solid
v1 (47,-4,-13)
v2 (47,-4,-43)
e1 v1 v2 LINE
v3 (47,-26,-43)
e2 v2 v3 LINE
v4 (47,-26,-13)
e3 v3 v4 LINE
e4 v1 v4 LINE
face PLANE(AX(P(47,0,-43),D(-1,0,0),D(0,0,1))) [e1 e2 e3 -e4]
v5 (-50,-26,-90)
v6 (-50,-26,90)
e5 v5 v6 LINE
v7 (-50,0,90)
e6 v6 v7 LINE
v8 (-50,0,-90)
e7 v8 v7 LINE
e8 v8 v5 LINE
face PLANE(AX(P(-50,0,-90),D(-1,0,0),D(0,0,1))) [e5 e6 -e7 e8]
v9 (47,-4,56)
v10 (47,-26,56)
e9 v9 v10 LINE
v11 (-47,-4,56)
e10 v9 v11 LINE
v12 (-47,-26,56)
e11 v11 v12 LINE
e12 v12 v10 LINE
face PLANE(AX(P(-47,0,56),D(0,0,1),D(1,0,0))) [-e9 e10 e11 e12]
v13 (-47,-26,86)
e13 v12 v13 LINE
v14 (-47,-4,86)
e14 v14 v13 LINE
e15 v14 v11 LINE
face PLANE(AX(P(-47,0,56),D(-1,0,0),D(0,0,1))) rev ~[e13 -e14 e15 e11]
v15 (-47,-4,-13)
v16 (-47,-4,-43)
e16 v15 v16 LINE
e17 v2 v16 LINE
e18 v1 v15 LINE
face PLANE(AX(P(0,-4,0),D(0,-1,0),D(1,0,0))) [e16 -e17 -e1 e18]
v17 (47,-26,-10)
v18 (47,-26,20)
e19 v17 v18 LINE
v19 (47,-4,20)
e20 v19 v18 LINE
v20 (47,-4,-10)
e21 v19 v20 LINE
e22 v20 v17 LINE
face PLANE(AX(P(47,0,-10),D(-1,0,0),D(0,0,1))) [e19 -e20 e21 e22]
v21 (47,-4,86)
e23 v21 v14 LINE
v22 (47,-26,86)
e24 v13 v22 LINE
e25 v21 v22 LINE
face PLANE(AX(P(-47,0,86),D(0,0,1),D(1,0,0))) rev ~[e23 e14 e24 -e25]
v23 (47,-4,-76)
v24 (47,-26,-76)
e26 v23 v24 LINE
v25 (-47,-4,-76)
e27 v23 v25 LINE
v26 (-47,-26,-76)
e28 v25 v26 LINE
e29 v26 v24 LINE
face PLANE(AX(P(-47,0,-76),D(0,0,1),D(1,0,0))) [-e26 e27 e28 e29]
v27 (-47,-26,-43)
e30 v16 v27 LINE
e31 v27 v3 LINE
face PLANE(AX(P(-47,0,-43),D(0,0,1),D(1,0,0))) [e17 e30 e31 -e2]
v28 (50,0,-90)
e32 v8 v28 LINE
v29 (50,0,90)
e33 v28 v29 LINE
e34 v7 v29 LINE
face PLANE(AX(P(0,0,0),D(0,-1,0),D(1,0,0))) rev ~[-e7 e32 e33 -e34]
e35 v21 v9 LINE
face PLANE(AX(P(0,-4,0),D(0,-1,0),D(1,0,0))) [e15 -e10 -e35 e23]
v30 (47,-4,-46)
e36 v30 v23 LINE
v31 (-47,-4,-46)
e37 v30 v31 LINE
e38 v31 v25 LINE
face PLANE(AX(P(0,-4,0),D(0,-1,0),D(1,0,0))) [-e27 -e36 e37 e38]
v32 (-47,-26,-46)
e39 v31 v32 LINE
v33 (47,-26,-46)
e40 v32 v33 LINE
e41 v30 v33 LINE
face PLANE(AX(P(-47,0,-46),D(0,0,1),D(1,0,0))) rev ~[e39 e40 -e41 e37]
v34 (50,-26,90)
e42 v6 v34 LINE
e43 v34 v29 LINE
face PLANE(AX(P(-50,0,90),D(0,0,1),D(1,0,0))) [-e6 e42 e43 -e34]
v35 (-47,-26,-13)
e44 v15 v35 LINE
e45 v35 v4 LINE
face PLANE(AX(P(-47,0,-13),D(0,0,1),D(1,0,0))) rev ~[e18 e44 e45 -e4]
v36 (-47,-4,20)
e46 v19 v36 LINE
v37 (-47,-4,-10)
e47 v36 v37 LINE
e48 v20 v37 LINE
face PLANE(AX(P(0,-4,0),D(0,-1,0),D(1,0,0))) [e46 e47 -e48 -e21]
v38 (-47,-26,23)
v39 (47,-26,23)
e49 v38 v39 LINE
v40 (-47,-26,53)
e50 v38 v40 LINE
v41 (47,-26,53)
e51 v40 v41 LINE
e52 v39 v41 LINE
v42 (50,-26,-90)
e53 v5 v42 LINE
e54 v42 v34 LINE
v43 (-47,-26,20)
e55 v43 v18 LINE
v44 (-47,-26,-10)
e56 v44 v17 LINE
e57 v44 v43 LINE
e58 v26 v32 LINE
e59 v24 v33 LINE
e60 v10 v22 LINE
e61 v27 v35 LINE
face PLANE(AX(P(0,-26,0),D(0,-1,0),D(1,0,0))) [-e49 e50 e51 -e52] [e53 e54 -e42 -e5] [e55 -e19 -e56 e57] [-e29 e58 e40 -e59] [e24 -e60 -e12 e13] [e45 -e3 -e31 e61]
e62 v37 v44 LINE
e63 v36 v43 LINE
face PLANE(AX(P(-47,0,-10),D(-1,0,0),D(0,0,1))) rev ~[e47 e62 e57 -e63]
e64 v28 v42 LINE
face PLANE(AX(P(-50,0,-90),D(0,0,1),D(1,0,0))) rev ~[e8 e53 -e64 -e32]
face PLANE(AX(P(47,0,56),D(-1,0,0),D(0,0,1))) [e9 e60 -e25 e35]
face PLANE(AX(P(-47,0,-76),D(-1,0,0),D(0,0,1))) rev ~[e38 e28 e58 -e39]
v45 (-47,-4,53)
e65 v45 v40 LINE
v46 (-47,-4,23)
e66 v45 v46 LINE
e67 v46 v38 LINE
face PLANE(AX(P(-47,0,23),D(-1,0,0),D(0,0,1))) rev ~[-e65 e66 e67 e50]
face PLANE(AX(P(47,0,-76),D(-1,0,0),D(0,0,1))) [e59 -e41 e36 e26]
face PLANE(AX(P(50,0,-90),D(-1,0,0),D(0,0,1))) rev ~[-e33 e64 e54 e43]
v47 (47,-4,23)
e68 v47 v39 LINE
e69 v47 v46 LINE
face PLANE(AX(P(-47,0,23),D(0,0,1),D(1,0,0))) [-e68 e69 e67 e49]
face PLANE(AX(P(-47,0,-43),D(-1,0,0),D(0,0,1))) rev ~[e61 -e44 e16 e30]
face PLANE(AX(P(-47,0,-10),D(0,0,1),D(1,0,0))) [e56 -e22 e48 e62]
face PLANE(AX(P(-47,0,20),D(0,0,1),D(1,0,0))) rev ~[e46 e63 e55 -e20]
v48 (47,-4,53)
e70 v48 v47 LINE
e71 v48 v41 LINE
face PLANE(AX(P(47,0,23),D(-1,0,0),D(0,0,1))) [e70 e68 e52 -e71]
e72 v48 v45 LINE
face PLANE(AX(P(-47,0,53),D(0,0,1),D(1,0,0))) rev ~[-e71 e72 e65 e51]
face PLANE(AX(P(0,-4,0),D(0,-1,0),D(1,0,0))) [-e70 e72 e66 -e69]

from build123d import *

# Parameters (mm, degrees)
F0_W     = 100
F0_H     = 180
F0_W_2   = 94
F0_H_2   = 30
F1_DEPTH = 4
F2_DEPTH = 26


with BuildPart() as f1:
    # F0 (on Front) → F1 (new body)
    with BuildSketch(Plane.XZ):
        Rectangle(F0_W, F0_H)
        with Locations((0, -61)):
            Rectangle(F0_W_2, F0_H_2, mode=Mode.SUBTRACT)
        with Locations((0, -28)):
            Rectangle(F0_W_2, F0_H_2, mode=Mode.SUBTRACT)
        with Locations((0, 5)):
            Rectangle(F0_W_2, F0_H_2, mode=Mode.SUBTRACT)
        with Locations((0, 38)):
            Rectangle(F0_W_2, F0_H_2, mode=Mode.SUBTRACT)
        with Locations((0, 71)):
            Rectangle(F0_W_2, F0_H_2, mode=Mode.SUBTRACT)
        with Locations((0, 71)):
            Rectangle(F0_W_2, F0_H_2)
        with Locations((0, 38)):
            Rectangle(F0_W_2, F0_H_2)
        with Locations((0, 5)):
            Rectangle(F0_W_2, F0_H_2)
        with Locations((0, -28)):
            Rectangle(F0_W_2, F0_H_2)
        with Locations((0, -61)):
            Rectangle(F0_W_2, F0_H_2)
    extrude(amount=F1_DEPTH)

    # F0 (on Front) → F2 (join)
    with BuildSketch(Plane.XZ):
        Rectangle(F0_W, F0_H)
        with Locations((0, -61)):
            Rectangle(F0_W_2, F0_H_2, mode=Mode.SUBTRACT)
        with Locations((0, -28)):
            Rectangle(F0_W_2, F0_H_2, mode=Mode.SUBTRACT)
        with Locations((0, 5)):
            Rectangle(F0_W_2, F0_H_2, mode=Mode.SUBTRACT)
        with Locations((0, 38)):
            Rectangle(F0_W_2, F0_H_2, mode=Mode.SUBTRACT)
        with Locations((0, 71)):
            Rectangle(F0_W_2, F0_H_2, mode=Mode.SUBTRACT)
    extrude(amount=F2_DEPTH)


solid = f1.part
